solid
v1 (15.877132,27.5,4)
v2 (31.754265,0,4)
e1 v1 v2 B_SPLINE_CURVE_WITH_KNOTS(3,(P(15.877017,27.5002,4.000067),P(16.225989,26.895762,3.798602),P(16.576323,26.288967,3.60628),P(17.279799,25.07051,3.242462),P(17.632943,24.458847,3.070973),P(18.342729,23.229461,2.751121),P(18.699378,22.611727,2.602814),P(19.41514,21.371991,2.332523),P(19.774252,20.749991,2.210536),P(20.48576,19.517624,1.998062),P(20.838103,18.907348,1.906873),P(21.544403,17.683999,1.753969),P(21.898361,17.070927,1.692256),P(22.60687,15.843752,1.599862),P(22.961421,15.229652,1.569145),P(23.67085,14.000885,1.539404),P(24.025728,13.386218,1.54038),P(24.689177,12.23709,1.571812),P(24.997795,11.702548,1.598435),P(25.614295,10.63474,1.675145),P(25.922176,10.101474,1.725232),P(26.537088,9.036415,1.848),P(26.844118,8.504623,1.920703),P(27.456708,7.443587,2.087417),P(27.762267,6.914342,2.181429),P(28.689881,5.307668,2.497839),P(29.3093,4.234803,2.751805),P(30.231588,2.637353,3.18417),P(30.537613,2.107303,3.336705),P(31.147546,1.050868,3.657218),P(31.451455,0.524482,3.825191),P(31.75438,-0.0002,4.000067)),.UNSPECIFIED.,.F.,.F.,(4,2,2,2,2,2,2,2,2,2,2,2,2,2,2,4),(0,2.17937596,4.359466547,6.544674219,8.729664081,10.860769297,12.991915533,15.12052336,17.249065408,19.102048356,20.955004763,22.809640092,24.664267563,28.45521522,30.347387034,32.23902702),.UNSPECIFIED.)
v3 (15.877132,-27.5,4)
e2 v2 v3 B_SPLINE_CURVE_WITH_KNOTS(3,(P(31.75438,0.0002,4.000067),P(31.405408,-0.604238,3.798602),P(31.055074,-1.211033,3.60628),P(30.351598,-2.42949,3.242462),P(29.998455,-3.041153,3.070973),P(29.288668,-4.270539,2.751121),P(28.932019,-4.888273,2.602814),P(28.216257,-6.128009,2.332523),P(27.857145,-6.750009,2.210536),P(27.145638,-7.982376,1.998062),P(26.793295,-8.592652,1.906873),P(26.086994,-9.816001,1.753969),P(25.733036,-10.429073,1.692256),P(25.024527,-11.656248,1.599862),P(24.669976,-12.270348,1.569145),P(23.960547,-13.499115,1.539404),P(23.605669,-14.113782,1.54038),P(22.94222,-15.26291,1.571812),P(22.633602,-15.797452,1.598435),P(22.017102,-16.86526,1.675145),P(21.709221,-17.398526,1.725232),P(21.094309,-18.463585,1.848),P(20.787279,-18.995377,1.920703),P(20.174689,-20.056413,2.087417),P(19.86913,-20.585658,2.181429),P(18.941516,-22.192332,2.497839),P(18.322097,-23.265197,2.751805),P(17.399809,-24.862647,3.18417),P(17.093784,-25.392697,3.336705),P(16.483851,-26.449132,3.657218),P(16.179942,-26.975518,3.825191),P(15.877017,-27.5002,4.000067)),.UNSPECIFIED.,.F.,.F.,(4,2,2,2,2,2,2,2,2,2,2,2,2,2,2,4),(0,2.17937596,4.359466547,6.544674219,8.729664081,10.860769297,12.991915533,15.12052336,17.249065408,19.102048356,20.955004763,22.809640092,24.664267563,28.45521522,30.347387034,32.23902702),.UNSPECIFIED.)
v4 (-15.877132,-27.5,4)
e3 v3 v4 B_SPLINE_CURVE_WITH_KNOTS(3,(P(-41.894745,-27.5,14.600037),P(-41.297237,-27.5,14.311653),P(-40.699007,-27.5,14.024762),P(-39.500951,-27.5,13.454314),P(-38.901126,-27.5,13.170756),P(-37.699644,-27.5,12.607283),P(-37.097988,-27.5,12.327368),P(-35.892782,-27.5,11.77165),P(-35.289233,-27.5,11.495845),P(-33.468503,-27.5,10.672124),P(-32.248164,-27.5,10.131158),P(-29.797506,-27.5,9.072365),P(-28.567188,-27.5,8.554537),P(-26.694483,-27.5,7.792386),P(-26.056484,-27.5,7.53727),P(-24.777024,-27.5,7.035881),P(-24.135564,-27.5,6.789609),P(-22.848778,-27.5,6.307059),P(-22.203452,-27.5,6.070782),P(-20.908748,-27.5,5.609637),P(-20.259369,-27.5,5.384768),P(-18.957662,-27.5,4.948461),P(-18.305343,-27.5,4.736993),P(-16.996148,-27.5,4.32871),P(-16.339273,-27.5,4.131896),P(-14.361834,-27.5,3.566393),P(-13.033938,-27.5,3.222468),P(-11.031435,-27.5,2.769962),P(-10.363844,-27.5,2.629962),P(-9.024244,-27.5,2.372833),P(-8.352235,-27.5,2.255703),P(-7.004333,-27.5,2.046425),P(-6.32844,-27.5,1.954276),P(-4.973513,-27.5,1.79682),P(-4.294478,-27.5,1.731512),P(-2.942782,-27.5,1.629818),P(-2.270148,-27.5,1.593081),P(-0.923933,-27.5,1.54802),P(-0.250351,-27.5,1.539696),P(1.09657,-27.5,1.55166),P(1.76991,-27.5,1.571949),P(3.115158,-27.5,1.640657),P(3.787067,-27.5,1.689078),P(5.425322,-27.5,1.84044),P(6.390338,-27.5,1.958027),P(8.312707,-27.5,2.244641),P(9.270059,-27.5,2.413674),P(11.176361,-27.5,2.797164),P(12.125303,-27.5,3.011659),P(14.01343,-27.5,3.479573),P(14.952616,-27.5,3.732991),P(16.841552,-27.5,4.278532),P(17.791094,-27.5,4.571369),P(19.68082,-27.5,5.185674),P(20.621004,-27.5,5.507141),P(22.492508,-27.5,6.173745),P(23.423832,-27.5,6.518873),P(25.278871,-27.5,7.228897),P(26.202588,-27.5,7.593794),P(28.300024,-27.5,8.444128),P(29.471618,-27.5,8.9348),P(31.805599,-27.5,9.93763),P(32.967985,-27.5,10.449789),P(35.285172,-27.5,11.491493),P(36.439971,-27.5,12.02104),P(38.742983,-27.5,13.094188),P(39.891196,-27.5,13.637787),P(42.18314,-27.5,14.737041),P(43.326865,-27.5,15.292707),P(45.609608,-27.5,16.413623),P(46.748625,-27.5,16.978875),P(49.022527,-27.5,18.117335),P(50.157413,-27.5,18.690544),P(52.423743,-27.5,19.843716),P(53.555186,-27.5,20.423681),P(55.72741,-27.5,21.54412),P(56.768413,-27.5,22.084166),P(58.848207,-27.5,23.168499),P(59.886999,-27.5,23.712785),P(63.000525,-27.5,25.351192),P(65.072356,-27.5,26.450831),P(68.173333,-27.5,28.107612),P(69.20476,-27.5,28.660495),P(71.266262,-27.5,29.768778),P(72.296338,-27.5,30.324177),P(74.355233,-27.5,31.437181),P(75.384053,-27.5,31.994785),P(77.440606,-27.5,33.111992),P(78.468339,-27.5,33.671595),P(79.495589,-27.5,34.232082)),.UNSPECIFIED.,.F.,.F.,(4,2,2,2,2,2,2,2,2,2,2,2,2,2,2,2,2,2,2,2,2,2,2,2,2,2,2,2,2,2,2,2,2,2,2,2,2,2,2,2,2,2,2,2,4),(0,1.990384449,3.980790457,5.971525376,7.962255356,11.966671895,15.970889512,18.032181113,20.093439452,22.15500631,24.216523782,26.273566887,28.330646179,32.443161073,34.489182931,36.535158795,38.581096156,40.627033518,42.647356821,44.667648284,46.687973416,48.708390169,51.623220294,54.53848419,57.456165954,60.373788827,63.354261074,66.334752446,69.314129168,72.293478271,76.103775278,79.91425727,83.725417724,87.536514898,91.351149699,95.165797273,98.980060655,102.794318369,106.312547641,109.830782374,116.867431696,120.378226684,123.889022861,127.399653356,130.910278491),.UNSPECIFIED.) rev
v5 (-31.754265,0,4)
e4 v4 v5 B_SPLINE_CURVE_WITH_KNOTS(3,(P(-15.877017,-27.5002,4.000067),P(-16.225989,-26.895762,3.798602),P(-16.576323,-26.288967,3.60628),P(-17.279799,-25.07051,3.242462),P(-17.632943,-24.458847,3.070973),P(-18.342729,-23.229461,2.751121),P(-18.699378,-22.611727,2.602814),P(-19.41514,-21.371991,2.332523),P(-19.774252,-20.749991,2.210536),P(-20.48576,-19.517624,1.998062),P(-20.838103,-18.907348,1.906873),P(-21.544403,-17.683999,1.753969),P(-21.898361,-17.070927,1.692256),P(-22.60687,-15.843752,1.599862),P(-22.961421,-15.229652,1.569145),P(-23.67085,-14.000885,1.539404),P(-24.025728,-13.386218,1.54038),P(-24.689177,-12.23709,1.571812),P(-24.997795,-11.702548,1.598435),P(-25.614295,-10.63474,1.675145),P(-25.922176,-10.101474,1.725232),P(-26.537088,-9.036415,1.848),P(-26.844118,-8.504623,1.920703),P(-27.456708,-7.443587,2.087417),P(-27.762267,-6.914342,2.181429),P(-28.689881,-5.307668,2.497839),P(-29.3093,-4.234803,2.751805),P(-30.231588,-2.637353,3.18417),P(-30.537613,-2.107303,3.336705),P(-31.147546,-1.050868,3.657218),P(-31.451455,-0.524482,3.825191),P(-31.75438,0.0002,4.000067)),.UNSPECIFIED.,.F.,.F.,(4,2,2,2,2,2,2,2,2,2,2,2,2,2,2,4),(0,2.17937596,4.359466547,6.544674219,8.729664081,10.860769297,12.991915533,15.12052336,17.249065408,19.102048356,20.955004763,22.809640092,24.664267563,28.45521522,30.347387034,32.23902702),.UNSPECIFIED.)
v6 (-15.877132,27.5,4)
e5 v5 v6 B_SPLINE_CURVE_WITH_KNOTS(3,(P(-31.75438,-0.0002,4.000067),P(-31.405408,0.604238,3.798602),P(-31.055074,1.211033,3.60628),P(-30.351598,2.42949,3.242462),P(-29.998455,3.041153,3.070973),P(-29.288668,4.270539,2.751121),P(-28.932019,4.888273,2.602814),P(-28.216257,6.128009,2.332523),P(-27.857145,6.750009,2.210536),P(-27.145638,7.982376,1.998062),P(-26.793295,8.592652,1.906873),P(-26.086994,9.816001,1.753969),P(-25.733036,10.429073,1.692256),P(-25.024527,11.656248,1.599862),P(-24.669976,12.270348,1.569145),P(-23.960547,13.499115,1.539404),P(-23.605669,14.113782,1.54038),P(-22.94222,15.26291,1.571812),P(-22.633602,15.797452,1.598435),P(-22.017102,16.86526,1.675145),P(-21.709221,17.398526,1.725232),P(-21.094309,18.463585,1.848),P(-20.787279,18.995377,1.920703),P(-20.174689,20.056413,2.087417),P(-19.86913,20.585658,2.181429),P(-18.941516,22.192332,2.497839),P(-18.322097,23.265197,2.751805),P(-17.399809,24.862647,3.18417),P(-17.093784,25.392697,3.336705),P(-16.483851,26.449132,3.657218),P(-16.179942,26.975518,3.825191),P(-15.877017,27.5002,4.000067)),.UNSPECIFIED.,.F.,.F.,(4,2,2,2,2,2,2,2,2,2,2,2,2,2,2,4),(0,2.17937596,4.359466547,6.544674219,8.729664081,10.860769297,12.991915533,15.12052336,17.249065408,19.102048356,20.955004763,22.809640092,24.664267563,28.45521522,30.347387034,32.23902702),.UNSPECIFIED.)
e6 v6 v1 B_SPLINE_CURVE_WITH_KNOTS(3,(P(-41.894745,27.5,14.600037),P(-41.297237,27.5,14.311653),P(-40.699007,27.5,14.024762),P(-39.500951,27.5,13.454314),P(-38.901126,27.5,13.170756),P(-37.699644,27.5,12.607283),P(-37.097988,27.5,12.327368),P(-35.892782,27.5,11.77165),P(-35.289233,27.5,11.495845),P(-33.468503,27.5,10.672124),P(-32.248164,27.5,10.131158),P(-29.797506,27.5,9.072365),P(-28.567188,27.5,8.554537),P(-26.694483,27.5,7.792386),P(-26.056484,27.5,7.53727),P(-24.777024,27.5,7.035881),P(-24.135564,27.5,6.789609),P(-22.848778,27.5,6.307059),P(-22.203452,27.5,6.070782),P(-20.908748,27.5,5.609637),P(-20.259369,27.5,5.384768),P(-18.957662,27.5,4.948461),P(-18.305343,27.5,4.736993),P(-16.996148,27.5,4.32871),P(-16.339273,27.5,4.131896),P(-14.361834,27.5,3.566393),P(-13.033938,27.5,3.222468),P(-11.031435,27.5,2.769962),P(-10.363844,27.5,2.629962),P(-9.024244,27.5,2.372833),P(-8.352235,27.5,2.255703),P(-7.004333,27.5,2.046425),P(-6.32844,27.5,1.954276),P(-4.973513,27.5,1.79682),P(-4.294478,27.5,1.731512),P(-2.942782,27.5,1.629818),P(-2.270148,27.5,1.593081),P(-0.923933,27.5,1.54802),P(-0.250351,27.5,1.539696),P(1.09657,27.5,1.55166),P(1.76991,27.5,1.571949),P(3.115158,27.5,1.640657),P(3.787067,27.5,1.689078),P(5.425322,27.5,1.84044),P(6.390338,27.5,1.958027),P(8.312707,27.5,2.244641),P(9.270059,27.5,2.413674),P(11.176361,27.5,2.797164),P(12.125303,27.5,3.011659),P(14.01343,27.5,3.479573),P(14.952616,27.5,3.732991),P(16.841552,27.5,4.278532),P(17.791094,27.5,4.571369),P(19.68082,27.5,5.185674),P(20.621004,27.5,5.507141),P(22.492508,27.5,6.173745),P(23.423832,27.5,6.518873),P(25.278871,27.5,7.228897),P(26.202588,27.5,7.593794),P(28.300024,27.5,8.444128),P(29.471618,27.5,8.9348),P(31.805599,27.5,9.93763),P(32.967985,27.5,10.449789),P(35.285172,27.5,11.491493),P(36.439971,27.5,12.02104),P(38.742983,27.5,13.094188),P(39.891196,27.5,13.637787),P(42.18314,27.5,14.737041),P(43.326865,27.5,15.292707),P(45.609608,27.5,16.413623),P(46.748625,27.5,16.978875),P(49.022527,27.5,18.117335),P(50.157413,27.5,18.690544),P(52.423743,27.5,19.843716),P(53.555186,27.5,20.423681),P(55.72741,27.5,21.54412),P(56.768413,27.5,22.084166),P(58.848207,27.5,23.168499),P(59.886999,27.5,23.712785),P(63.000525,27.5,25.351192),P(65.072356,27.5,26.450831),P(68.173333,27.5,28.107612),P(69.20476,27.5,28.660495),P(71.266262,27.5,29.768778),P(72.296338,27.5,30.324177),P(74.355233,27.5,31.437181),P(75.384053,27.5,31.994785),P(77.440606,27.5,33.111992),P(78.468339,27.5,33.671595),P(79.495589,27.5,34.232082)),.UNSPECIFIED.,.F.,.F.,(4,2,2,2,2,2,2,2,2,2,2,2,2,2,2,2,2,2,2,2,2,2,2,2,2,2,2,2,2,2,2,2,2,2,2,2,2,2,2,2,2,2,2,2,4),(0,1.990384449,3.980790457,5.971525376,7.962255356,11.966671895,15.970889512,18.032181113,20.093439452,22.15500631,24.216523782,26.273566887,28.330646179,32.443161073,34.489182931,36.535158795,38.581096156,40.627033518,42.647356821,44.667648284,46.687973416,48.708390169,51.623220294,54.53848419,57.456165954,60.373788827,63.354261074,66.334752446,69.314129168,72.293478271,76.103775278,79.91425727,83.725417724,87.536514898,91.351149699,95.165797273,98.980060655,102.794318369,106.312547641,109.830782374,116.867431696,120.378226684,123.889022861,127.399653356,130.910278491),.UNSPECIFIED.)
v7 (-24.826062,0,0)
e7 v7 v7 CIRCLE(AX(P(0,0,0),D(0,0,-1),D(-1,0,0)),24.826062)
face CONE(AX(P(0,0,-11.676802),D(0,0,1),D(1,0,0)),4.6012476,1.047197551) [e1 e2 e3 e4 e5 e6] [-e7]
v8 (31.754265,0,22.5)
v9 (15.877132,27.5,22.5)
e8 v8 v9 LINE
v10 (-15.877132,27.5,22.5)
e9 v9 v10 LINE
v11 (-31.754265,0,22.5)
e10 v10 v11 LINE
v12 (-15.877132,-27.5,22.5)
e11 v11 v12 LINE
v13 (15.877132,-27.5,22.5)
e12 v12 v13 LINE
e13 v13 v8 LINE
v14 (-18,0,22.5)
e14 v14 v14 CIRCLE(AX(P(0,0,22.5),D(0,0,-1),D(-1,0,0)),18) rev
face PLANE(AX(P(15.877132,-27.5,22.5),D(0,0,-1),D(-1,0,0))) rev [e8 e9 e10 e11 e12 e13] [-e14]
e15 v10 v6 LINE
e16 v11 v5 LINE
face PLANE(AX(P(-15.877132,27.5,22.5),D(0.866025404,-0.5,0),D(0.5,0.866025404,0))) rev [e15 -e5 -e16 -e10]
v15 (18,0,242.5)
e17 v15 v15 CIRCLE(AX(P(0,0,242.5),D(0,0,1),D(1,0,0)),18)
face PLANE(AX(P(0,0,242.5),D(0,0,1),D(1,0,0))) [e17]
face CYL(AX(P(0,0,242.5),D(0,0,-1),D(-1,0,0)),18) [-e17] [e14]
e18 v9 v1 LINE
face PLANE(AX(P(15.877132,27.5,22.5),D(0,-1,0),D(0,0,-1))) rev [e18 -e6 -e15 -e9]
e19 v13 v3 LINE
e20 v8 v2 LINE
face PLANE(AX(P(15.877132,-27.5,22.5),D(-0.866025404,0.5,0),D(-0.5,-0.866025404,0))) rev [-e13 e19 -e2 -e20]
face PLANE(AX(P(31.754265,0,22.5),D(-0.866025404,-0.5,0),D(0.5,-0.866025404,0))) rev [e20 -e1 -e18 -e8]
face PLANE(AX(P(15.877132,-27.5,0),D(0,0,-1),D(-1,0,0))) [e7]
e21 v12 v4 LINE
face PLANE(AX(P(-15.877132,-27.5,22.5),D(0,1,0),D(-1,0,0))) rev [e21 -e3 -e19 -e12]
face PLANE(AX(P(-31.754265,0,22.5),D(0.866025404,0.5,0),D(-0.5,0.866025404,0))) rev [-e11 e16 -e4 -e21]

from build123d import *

# Parameters (mm, degrees)
EXTRUDE_1_DEPTH = 22.5
SKETCH_2_R      = 18
EXTRUDE_2_DEPTH = 220


with BuildPart() as part:
    # 草图1 → 拉伸1 (new body)
    with BuildSketch(Plane.XY):
        Polygon((31.754264805, 0), (15.877132403, 27.5), (-15.877132403, 27.5), (-31.754264805, 0), (-15.877132403, -27.5), (15.877132403, -27.5), align=None)
    extrude(amount=EXTRUDE_1_DEPTH)

    # 草图2 → 拉伸2 (add)
    with BuildSketch(Plane.XY.offset(22.5)):
        Circle(SKETCH_2_R)
    extrude(amount=EXTRUDE_2_DEPTH)

    # 草图3 → 切除-旋转1 (revolve, cut)
    with BuildSketch(Plane(origin=(0, 0, 0), x_dir=(1, 0, 0), z_dir=(0, 1, 0))):
        Polygon((31.754264805, -4), (4.6012476, 11.676801793), (47.244906426, 19.875201242), align=None)
    revolve(axis=Axis((0, 0, -27.609458248), (0, 0, 1)), mode=Mode.SUBTRACT)


solid = part.part
